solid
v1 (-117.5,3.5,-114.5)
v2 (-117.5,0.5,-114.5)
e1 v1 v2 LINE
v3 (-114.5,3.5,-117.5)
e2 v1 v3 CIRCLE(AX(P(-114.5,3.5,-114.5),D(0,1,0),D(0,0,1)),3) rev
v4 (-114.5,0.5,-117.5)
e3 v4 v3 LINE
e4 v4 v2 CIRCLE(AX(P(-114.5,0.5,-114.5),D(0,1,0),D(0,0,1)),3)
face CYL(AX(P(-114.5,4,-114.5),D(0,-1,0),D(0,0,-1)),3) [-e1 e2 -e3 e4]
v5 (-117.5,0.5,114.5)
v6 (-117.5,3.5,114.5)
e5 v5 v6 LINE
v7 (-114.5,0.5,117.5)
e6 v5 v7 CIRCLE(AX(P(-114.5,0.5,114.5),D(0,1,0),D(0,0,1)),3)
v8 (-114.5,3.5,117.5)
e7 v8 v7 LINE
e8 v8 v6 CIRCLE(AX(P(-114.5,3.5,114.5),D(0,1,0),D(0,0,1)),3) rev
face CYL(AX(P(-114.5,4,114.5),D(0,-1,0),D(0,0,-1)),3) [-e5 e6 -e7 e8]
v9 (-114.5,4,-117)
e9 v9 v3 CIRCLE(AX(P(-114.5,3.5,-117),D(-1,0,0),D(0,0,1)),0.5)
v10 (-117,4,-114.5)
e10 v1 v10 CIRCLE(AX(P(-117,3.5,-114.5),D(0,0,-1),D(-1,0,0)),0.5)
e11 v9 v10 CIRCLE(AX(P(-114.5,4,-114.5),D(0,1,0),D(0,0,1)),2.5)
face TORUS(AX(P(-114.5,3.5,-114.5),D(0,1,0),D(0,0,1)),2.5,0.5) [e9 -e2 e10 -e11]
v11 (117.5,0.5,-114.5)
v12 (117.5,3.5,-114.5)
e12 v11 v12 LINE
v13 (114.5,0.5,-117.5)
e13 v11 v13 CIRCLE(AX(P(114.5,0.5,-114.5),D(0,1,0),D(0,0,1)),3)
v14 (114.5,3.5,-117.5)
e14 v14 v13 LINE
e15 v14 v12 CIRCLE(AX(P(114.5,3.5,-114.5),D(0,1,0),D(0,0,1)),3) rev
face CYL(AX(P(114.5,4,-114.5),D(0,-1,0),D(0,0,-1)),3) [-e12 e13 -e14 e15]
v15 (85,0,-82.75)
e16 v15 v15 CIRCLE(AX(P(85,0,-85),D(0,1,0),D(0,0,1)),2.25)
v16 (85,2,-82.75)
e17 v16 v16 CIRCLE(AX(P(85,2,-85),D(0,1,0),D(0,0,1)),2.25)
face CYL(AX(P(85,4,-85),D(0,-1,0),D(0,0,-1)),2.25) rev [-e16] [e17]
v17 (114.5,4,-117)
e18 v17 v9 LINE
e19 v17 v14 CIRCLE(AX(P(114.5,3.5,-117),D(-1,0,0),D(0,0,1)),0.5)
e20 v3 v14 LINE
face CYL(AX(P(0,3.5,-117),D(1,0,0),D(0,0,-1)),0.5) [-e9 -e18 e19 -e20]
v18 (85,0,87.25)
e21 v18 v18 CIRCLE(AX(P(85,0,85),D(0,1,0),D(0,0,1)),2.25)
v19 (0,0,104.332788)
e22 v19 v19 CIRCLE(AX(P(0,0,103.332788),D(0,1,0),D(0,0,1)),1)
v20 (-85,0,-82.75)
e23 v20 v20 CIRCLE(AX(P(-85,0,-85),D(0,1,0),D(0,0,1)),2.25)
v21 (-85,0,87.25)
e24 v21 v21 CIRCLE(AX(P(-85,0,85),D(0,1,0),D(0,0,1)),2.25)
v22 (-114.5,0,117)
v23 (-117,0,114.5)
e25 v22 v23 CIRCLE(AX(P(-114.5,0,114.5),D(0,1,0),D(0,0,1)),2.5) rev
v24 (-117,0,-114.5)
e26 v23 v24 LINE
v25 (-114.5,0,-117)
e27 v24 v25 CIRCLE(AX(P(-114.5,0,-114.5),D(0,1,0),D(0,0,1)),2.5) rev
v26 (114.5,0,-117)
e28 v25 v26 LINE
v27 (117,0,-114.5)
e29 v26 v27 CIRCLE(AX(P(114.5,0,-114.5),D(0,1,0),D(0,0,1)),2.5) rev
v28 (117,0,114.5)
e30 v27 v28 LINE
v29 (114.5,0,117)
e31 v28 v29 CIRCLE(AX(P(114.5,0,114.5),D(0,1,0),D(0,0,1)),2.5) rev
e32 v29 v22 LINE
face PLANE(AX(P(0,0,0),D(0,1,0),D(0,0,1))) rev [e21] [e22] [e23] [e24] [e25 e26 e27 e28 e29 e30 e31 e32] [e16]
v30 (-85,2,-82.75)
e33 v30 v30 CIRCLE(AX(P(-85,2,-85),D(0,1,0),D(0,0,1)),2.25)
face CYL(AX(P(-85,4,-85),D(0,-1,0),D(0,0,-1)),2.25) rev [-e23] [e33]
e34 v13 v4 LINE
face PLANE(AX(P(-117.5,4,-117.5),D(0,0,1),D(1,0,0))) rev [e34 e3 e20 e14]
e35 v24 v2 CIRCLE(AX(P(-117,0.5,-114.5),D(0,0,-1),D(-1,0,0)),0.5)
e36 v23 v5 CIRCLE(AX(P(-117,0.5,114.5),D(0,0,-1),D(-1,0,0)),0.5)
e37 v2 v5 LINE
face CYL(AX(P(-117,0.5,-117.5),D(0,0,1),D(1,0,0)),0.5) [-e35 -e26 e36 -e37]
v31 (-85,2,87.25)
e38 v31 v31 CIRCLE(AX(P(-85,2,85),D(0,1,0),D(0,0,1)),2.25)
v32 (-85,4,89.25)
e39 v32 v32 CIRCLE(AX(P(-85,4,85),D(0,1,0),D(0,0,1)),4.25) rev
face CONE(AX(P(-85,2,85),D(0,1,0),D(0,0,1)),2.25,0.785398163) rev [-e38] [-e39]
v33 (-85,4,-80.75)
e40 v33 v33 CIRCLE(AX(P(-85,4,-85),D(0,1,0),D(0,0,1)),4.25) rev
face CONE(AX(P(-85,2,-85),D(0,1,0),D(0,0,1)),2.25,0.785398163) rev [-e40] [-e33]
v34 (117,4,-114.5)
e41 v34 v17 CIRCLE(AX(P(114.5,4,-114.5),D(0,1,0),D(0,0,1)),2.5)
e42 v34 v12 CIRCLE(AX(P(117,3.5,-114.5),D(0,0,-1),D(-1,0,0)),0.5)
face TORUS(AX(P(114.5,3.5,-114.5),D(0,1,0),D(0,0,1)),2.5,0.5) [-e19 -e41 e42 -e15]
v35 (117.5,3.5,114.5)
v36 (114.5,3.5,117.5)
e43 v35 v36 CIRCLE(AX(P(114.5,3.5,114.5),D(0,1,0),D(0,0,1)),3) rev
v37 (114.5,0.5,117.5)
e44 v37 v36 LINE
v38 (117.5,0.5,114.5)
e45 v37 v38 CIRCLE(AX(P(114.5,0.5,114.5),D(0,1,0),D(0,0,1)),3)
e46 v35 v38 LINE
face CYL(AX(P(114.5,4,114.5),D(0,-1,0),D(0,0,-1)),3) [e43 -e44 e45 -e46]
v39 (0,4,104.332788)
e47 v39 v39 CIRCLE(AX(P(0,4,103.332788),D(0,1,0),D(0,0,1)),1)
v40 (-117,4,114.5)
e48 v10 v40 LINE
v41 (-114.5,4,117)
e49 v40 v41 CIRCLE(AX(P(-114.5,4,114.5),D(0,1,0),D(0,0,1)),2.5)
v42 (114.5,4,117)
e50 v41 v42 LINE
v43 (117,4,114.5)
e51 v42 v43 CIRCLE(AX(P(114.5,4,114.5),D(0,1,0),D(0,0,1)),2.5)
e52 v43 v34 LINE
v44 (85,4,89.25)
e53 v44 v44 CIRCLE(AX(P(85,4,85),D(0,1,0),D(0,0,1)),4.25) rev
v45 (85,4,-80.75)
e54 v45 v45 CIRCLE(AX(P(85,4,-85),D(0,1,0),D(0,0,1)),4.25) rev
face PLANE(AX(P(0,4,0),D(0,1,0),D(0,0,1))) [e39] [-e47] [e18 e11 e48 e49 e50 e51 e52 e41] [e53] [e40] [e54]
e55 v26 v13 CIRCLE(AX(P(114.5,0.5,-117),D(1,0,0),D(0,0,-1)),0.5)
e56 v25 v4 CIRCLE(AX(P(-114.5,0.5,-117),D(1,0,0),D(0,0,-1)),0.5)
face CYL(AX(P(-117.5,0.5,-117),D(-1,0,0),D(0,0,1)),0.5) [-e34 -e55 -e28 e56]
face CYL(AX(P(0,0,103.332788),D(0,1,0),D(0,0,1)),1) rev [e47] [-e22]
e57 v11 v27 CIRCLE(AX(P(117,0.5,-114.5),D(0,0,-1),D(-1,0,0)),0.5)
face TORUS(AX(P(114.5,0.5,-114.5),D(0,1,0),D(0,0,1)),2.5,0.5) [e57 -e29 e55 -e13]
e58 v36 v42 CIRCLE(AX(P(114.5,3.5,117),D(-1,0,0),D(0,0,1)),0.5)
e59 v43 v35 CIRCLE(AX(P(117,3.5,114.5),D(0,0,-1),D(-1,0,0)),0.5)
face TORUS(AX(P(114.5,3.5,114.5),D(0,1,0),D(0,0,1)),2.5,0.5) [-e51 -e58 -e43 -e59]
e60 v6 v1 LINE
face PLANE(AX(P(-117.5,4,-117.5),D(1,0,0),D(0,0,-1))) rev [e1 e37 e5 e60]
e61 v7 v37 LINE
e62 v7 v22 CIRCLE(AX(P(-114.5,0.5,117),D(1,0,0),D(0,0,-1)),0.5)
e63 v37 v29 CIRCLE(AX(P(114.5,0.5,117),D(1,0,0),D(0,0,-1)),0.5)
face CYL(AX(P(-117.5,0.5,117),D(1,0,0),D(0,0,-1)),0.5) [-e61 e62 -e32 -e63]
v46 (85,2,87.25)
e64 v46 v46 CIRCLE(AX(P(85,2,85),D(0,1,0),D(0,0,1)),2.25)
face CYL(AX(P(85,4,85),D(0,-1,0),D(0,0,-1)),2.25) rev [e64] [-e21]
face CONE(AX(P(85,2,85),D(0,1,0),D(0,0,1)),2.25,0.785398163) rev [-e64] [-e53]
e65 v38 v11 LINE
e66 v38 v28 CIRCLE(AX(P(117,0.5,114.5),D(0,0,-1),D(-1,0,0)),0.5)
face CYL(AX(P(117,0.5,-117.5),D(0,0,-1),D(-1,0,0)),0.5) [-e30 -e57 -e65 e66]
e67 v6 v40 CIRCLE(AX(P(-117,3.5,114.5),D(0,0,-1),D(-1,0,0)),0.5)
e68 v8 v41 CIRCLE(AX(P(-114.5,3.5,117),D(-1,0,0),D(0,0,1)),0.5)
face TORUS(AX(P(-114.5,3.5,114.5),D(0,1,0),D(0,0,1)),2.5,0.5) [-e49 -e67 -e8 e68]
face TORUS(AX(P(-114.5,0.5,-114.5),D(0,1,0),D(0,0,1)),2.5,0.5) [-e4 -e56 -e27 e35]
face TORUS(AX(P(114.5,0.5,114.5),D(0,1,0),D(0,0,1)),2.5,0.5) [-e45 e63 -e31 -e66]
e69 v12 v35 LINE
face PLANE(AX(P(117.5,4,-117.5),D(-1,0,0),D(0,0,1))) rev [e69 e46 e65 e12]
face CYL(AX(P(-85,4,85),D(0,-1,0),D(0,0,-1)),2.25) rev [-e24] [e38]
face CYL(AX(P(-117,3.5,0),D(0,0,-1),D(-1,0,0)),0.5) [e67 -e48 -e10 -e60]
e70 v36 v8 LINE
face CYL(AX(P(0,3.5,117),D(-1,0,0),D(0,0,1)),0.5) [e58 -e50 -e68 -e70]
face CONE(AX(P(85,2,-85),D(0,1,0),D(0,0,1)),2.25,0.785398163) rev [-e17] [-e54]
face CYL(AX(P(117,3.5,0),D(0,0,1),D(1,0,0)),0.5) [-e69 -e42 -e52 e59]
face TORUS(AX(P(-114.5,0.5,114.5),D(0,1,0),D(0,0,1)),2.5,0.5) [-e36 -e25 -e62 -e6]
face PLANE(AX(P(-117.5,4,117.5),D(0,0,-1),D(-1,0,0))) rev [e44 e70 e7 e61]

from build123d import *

# Parameters (mm, degrees)
SKETCH1_W           = 235
SKETCH1_H           = 235
SKETCH1_R           = 2.25
BOSS_EXTRUDE1_DEPTH = 4
CHAMFER1_SIZE       = 2
FILLET1_R           = 3
FILLET2_R           = 0.5
SKETCH2_R           = 1
CUT_EXTRUDE1_DEPTH  = 4


with BuildPart() as part:
    # Sketch1 → Boss-Extrude1 (new body)
    with BuildSketch(Plane(origin=(0, 0, 0), x_dir=(1, 0, 0), z_dir=(0, 1, 0))):
        Rectangle(SKETCH1_W, SKETCH1_H)
        with Locations(Location((85, 85, 0), (0, 0, 270))):
            Circle(SKETCH1_R, mode=Mode.SUBTRACT)
        with Locations(Location((-85, 85, 0), (0, 0, 270))):
            Circle(SKETCH1_R, mode=Mode.SUBTRACT)
        with Locations(Location((-85, -85, 0), (0, 0, 270))):
            Circle(SKETCH1_R, mode=Mode.SUBTRACT)
        with Locations(Location((85, -85, 0), (0, 0, 270))):
            Circle(SKETCH1_R, mode=Mode.SUBTRACT)
    extrude(amount=BOSS_EXTRUDE1_DEPTH)

    # Chamfer1
    chamfer1_edges = [part.edges().sort_by_distance(p)[0] for p in [
        (85, 4, -87.25),
        (-85, 4, -87.25),
        (-85, 4, 82.75),
        (85, 4, 82.75),
    ]]
    chamfer(chamfer1_edges, length=CHAMFER1_SIZE)

    # Fillet1
    fillet1_edges = [part.edges().sort_by_distance(p)[0] for p in [
        (117.5, 2, 117.5),
        (-117.5, 2, 117.5),
        (-117.5, 2, -117.5),
        (117.5, 2, -117.5),
    ]]
    fillet(fillet1_edges, radius=FILLET1_R)

    # Fillet2
    fillet2_edges = [part.edges().sort_by_distance(p)[0] for p in [
        (117.5, 0, 0),
        (117.5, 4, 0),
        (0, 0, 117.5),
        (-117.5, 0, 0),
        (0, 0, -117.5),
        (116.621320344, 0, -116.621320344),
        (-116.621320344, 0, -116.621320344),
        (-116.621320344, 0, 116.621320344),
        (116.621320344, 0, 116.621320344),
        (0, 4, 117.5),
        (0, 4, -117.5),
        (-117.5, 4, 0),
        (116.621320344, 4, -116.621320344),
        (-116.621320344, 4, -116.621320344),
        (-116.621320344, 4, 116.621320344),
        (116.621320344, 4, 116.621320344),
    ]]
    fillet(fillet2_edges, radius=FILLET2_R)

    # Sketch2 → Cut-Extrude1 (cut)
    with BuildSketch(Plane(origin=(0, 4, 0), x_dir=(1, 0, 0), z_dir=(0, 1, 0))):
        with Locations(Location((0, -103.332788309, 0), (0, 0, 270))):
            Circle(SKETCH2_R)
    extrude(amount=-CUT_EXTRUDE1_DEPTH, mode=Mode.SUBTRACT)


solid = part.part
